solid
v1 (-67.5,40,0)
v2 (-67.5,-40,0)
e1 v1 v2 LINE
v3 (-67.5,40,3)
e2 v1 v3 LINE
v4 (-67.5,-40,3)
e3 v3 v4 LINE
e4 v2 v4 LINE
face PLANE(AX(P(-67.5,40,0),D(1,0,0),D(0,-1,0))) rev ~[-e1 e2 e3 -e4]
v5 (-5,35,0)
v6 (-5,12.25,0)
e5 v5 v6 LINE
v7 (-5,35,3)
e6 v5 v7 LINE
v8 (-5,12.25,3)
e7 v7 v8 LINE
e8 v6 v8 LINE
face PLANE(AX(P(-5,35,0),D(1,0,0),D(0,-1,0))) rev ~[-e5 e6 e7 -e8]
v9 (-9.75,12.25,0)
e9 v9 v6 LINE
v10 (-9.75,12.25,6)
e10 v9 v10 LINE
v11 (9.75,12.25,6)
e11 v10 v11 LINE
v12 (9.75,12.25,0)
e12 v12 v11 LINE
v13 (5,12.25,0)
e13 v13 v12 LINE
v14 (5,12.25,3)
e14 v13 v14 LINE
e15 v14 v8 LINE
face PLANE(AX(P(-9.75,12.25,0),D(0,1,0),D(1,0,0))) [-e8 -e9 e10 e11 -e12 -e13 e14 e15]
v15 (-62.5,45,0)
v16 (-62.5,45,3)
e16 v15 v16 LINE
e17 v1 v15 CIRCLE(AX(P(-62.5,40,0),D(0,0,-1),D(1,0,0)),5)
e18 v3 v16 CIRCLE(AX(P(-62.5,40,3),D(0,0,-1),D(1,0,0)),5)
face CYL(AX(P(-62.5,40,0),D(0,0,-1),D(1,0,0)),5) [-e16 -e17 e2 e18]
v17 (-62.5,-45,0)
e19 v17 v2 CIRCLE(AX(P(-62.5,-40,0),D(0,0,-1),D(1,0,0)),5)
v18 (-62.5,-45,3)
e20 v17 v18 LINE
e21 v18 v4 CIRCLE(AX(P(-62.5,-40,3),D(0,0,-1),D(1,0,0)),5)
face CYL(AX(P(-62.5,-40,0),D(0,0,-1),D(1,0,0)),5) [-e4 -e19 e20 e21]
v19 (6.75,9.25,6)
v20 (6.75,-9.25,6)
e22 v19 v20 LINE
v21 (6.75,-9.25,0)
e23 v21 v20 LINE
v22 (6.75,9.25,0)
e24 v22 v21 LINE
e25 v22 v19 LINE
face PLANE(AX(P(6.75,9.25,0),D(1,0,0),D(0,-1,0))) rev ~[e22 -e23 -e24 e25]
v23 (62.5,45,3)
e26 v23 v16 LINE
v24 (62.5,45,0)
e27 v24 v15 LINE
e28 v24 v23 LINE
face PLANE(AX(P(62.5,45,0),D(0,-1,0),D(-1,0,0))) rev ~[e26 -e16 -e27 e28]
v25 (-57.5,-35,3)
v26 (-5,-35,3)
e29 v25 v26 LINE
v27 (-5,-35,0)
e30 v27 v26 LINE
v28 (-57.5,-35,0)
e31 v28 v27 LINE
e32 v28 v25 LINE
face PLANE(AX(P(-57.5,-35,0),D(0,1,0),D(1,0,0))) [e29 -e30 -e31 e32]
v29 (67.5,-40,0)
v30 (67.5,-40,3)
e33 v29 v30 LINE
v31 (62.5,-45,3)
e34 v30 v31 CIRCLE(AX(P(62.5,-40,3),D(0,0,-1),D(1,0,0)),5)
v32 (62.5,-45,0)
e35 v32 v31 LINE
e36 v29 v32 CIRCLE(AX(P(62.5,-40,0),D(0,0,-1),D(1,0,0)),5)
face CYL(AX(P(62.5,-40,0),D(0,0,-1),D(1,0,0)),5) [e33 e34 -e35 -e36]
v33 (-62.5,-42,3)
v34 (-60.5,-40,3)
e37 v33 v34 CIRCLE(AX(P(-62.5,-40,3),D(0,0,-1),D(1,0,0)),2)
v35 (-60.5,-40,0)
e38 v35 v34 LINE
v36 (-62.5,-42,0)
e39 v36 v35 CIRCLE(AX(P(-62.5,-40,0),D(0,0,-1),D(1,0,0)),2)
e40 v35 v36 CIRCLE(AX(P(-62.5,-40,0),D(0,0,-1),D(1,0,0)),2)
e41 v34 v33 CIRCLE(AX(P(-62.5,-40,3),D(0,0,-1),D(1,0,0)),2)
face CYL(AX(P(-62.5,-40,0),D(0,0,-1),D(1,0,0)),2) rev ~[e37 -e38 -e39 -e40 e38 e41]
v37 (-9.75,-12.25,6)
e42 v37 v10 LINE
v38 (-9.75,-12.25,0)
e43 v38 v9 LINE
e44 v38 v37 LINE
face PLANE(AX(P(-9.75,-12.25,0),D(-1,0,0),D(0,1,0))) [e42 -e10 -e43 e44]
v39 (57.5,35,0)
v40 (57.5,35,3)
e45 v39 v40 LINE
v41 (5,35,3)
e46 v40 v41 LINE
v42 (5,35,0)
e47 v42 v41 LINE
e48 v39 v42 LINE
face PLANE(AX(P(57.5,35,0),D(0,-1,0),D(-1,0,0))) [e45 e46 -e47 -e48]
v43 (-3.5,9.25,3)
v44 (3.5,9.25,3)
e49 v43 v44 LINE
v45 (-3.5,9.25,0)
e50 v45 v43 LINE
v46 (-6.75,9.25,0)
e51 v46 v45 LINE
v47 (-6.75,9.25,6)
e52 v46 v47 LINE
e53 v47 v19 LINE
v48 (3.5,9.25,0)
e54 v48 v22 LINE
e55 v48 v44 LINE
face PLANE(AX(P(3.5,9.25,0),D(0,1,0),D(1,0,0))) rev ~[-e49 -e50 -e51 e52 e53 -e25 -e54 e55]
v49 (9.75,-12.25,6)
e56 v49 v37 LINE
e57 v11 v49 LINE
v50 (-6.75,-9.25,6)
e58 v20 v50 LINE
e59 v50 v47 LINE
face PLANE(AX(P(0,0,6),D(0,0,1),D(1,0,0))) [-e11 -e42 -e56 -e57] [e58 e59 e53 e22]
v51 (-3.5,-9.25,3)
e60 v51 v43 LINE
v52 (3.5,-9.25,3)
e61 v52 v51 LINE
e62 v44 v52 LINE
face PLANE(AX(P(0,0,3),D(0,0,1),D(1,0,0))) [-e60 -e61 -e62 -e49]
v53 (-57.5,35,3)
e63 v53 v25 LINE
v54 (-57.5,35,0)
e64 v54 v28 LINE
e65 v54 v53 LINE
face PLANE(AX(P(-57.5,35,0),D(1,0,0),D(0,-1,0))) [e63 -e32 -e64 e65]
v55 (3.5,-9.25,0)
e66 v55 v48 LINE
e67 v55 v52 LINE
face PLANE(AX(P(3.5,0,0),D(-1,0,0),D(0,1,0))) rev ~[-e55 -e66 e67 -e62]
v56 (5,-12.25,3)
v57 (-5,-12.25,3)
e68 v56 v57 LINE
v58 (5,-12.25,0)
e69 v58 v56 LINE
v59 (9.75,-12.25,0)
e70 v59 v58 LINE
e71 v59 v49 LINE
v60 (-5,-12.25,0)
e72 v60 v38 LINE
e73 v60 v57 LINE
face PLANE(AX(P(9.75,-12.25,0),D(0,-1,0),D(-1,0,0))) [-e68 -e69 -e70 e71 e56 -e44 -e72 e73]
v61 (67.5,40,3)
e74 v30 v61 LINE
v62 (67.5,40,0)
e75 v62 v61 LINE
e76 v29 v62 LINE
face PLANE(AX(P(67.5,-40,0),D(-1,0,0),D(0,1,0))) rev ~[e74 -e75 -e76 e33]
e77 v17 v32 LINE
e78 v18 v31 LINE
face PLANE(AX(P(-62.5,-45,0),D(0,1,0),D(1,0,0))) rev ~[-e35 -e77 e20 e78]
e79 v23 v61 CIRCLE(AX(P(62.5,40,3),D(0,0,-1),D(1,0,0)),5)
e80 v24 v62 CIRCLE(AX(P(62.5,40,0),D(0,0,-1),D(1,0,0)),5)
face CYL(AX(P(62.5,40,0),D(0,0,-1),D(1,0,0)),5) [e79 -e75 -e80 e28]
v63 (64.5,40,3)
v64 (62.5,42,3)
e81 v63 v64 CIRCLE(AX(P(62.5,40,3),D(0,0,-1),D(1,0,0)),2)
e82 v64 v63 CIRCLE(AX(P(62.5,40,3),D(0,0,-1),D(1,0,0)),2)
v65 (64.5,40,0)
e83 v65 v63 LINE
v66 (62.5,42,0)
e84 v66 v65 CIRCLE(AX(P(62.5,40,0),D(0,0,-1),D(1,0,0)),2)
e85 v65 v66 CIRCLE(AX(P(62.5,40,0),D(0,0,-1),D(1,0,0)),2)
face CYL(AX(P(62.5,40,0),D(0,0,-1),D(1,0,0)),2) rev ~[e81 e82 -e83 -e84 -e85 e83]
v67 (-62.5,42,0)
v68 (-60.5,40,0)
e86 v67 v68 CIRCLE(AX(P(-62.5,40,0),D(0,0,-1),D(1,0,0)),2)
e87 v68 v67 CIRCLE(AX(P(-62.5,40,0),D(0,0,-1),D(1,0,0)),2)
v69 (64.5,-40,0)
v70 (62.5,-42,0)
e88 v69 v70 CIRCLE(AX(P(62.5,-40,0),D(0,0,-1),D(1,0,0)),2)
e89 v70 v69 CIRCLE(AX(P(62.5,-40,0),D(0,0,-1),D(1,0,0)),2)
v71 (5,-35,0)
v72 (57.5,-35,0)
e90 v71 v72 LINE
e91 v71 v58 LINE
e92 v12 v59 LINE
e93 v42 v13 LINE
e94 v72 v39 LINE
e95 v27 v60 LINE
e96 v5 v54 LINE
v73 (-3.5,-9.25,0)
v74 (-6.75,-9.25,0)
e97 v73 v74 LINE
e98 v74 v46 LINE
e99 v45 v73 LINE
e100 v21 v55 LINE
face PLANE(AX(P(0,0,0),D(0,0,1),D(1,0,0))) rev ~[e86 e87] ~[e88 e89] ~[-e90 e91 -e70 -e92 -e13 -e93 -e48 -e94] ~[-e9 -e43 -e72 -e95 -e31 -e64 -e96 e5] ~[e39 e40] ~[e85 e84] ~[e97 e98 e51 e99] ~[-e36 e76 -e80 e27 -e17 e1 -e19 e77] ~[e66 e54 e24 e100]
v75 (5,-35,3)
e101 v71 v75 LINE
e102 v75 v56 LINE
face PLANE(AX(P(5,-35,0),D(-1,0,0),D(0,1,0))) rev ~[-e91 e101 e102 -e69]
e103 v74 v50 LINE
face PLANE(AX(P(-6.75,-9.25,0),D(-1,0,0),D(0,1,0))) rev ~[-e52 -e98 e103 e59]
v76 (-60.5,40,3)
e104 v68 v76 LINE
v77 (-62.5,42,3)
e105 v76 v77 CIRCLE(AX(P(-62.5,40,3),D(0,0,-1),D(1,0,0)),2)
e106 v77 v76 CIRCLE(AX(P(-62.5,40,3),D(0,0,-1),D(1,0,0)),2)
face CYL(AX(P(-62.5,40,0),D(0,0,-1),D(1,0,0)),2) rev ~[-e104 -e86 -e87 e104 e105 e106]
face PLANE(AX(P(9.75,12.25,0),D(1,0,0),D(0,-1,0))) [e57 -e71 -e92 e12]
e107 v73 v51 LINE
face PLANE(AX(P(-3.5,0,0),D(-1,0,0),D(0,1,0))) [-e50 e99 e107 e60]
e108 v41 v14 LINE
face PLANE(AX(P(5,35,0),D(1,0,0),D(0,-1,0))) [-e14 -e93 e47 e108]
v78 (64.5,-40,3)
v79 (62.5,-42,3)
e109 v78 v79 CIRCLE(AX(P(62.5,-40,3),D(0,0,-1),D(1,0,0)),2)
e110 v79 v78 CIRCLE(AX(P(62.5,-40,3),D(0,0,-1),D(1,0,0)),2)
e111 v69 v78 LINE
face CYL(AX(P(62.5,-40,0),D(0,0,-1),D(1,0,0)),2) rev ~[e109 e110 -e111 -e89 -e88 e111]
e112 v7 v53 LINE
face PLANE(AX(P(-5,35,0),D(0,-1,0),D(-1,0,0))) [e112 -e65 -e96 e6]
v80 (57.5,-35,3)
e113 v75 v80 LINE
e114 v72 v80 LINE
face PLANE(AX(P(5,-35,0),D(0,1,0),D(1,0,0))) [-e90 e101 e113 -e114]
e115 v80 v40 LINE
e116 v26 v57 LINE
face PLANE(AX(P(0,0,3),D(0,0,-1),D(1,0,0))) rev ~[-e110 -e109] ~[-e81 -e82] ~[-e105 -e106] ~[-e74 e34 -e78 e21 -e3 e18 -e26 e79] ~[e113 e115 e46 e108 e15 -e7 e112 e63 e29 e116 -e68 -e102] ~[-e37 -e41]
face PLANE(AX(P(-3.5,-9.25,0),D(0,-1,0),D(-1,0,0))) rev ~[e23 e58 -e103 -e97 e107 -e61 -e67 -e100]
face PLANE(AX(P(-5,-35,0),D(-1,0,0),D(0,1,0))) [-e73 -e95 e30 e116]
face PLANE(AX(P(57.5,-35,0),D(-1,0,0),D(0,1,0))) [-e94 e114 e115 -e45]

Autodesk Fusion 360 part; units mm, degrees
sketch "Boceto1" plane through (0, 0, 0) normal (0, 0, 1) x (1, 0, 0)
  line L0 (-6.75, 9.25) -> (6.75, 9.25)
  line L1 (6.75, 9.25) -> (6.75, -9.25)
  line L2 (6.75, -9.25) -> (-6.75, -9.25)
  line L3 (-6.75, -9.25) -> (-6.75, 9.25)
  line L4 (-6.75, 9.25) -> (6.75, -9.25) construction
  line L5 (6.75, 9.25) -> (-6.75, -9.25) construction
  line L6 (9.75, -12.25) -> (-9.75, -12.25)
  line L7 (-9.75, -12.25) -> (-9.75, 12.25)
  line L8 (-9.75, 12.25) -> (9.75, 12.25)
  line L9 (9.75, 12.25) -> (9.75, -12.25)
  line L10 (6.75, 0) -> (3.75, 0) construction
  line L11 (-6.75, 0) -> (-3.75, 0) construction
  line L12 (3.5, 0) -> (-3.5, 0)
  line L13 (-3.5, -9.25) -> (-3.5, 9.25)
  line L14 (3.5, -9.25) -> (3.5, 9.25)
  dimension "d1" = 13.5
  dimension "d2" = 18.5
  dimension "d3" = -3
  dimension "d4" = 3
  dimension "d5" = 3
  dimension "d6" = 7
extrude "Extruir1" add sketch "Boceto1" along normal blind 6
extrude "Extruir2" add sketch "Boceto1" along normal blind 3 contours L0 L12 L13 L14 | L2 L12 L13 L14
sketch "Boceto2" plane through (0, 0, 0) normal (0, 0, -1) x (1, 0, 0)
  line L0 (-3.5, -9.25) -> (-6.75, -9.25)
  line L1 (-6.75, -9.25) -> (-6.75, 9.25)
  line L2 (-6.75, 9.25) -> (-3.5, 9.25)
  line L3 (-3.5, 9.25) -> (-3.5, -9.25)
  line L4 (3.5, -9.25) -> (3.5, 9.25)
  line L5 (3.5, 9.25) -> (6.75, 9.25)
  line L6 (6.75, 9.25) -> (6.75, -9.25)
  line L7 (6.75, -9.25) -> (3.5, -9.25)
  line L8 (-9.75, -12.25) -> (9.75, -12.25)
  line L9 (9.75, -12.25) -> (9.75, 12.25)
  line L10 (9.75, 12.25) -> (-9.75, 12.25)
  line L11 (-9.75, 12.25) -> (-9.75, -12.25)
  line L12 (-67.5, 45) -> (67.5, 45)
  line L13 (67.5, 45) -> (67.5, -45)
  line L14 (67.5, -45) -> (-67.5, -45)
  line L15 (-67.5, -45) -> (-67.5, 45)
  line L16 (-67.5, 45) -> (67.5, -45) construction
  line L17 (67.5, 45) -> (-67.5, -45) construction
  line L18 (-67.5, 45) -> (-62.5, 45)
  line L19 (-62.5, 45) -> (-62.5, 40)
  line L20 (-67.5, -45) -> (-62.5, -45)
  line L21 (-62.5, -45) -> (-62.5, -40)
  line L22 (67.5, -45) -> (62.5, -45)
  line L23 (62.5, -45) -> (62.5, -40)
  line L24 (67.5, 45) -> (62.5, 45)
  line L25 (62.5, 45) -> (62.5, 40)
  circle A0 centre (-62.5, 40) radius 2
  circle A1 centre (-62.5, -40) radius 2
  circle A2 centre (62.5, -40) radius 2
  circle A3 centre (62.5, 40) radius 2
  line L26 (0, -12.25) -> (0, -40)
  line L27 (0, 12.25) -> (0, 40)
  line L28 (-62.5, -40) -> (-62.5, 40) construction
  line L29 (62.5, -40) -> (62.5, 40) construction
  circle A4 centre (-62.5, 40) radius 5
  circle A5 centre (62.5, 40) radius 5
  circle A6 centre (-62.5, -40) radius 5
  circle A7 centre (62.5, -40) radius 5
  line L30 (5, -40) -> (-5, -40)
  line L31 (5, 40) -> (-5, 40)
  line L32 (-5, 40) -> (-5, 12.25)
  line L33 (5, 40) -> (5, 12.25)
  line L34 (-5, -40) -> (-5, -12.25)
  line L35 (5, -40) -> (5, -12.25)
  line L36 (-62.5, -45) -> (62.5, -45)
  arc A8 (62.5, -45) -> (62.5, -35) centre (62.5, -40) ccw
  line L37 (62.5, -35) -> (-62.5, -35)
  arc A9 (-62.5, -35) -> (-62.5, -45) centre (-62.5, -40) ccw
  line L38 (-62.5, -40) -> (62.5, -40) construction
  line L39 (-62.5, 35) -> (62.5, 35)
  arc A10 (62.5, 35) -> (62.5, 45) centre (62.5, 40) ccw
  line L40 (62.5, 45) -> (-62.5, 45)
  arc A11 (-62.5, 45) -> (-62.5, 35) centre (-62.5, 40) ccw
  line L41 (-62.5, 40) -> (62.5, 40) construction
  line L42 (-57.5, -40) -> (-57.5, 40)
  arc A12 (-57.5, 40) -> (-67.5, 40) centre (-62.5, 40) ccw
  line L43 (-67.5, 40) -> (-67.5, -40)
  arc A13 (-67.5, -40) -> (-57.5, -40) centre (-62.5, -40) ccw
  line L44 (-62.5, -40) -> (-62.5, 40) construction
  line L45 (67.5, -40) -> (67.5, 40)
  arc A14 (67.5, 40) -> (57.5, 40) centre (62.5, 40) ccw
  line L46 (57.5, 40) -> (57.5, -40)
  arc A15 (57.5, -40) -> (67.5, -40) centre (62.5, -40) ccw
  line L47 (62.5, -40) -> (62.5, 40) construction
  dimension "d11" = 135
  dimension "d12" = 90
  dimension "d13" = 5
  dimension "d14" = 5
  dimension "d15" = 5
  dimension "d16" = 5
  dimension "d17" = 5
  dimension "d18" = 5
  dimension "d19" = 5
  dimension "d20" = 5
  dimension "d21" = 4
  dimension "d22" = 4
  dimension "d23" = 4
  dimension "d24" = 4
  dimension "d25" = 10
  dimension "d26" = 10
  dimension "d27" = 10
  dimension "d28" = 10
  dimension "d29" = 10
  dimension "d30" = 10
  dimension "d31" = 10
  dimension "d32" = 10
extrude "Extruir3" add sketch "Boceto2" against normal blind 3 contours L8 L26 L34 L37 | L8 L26 L35 L37 | L26 L30 L34 L37 | L14 A6 A7 L30 L34 L35 L36 L37 L42 A13 L46 A15 | L10 L27 L32 L39 | L26 L30 L35 L37 | A6 L37 L42 | L15 A4 A6 L37 A9 L39 A11 L42 L43 | L10 L27 L33 L39 | L12 A4 A5 L31 L32 L33 L39 L40 L42 A12 A14 L46 | L27 L31 L32 L39 | A6 A9 A13 | A4 L39 L42 | L27 L31 L33 L39 | L13 A5 A7 A8 L37 L39 A10 L45 L46 | A7 L37 L46 | A4 A11 A12 | A7 A8 A15 | A5 L39 L46 | A5 A10 A14
